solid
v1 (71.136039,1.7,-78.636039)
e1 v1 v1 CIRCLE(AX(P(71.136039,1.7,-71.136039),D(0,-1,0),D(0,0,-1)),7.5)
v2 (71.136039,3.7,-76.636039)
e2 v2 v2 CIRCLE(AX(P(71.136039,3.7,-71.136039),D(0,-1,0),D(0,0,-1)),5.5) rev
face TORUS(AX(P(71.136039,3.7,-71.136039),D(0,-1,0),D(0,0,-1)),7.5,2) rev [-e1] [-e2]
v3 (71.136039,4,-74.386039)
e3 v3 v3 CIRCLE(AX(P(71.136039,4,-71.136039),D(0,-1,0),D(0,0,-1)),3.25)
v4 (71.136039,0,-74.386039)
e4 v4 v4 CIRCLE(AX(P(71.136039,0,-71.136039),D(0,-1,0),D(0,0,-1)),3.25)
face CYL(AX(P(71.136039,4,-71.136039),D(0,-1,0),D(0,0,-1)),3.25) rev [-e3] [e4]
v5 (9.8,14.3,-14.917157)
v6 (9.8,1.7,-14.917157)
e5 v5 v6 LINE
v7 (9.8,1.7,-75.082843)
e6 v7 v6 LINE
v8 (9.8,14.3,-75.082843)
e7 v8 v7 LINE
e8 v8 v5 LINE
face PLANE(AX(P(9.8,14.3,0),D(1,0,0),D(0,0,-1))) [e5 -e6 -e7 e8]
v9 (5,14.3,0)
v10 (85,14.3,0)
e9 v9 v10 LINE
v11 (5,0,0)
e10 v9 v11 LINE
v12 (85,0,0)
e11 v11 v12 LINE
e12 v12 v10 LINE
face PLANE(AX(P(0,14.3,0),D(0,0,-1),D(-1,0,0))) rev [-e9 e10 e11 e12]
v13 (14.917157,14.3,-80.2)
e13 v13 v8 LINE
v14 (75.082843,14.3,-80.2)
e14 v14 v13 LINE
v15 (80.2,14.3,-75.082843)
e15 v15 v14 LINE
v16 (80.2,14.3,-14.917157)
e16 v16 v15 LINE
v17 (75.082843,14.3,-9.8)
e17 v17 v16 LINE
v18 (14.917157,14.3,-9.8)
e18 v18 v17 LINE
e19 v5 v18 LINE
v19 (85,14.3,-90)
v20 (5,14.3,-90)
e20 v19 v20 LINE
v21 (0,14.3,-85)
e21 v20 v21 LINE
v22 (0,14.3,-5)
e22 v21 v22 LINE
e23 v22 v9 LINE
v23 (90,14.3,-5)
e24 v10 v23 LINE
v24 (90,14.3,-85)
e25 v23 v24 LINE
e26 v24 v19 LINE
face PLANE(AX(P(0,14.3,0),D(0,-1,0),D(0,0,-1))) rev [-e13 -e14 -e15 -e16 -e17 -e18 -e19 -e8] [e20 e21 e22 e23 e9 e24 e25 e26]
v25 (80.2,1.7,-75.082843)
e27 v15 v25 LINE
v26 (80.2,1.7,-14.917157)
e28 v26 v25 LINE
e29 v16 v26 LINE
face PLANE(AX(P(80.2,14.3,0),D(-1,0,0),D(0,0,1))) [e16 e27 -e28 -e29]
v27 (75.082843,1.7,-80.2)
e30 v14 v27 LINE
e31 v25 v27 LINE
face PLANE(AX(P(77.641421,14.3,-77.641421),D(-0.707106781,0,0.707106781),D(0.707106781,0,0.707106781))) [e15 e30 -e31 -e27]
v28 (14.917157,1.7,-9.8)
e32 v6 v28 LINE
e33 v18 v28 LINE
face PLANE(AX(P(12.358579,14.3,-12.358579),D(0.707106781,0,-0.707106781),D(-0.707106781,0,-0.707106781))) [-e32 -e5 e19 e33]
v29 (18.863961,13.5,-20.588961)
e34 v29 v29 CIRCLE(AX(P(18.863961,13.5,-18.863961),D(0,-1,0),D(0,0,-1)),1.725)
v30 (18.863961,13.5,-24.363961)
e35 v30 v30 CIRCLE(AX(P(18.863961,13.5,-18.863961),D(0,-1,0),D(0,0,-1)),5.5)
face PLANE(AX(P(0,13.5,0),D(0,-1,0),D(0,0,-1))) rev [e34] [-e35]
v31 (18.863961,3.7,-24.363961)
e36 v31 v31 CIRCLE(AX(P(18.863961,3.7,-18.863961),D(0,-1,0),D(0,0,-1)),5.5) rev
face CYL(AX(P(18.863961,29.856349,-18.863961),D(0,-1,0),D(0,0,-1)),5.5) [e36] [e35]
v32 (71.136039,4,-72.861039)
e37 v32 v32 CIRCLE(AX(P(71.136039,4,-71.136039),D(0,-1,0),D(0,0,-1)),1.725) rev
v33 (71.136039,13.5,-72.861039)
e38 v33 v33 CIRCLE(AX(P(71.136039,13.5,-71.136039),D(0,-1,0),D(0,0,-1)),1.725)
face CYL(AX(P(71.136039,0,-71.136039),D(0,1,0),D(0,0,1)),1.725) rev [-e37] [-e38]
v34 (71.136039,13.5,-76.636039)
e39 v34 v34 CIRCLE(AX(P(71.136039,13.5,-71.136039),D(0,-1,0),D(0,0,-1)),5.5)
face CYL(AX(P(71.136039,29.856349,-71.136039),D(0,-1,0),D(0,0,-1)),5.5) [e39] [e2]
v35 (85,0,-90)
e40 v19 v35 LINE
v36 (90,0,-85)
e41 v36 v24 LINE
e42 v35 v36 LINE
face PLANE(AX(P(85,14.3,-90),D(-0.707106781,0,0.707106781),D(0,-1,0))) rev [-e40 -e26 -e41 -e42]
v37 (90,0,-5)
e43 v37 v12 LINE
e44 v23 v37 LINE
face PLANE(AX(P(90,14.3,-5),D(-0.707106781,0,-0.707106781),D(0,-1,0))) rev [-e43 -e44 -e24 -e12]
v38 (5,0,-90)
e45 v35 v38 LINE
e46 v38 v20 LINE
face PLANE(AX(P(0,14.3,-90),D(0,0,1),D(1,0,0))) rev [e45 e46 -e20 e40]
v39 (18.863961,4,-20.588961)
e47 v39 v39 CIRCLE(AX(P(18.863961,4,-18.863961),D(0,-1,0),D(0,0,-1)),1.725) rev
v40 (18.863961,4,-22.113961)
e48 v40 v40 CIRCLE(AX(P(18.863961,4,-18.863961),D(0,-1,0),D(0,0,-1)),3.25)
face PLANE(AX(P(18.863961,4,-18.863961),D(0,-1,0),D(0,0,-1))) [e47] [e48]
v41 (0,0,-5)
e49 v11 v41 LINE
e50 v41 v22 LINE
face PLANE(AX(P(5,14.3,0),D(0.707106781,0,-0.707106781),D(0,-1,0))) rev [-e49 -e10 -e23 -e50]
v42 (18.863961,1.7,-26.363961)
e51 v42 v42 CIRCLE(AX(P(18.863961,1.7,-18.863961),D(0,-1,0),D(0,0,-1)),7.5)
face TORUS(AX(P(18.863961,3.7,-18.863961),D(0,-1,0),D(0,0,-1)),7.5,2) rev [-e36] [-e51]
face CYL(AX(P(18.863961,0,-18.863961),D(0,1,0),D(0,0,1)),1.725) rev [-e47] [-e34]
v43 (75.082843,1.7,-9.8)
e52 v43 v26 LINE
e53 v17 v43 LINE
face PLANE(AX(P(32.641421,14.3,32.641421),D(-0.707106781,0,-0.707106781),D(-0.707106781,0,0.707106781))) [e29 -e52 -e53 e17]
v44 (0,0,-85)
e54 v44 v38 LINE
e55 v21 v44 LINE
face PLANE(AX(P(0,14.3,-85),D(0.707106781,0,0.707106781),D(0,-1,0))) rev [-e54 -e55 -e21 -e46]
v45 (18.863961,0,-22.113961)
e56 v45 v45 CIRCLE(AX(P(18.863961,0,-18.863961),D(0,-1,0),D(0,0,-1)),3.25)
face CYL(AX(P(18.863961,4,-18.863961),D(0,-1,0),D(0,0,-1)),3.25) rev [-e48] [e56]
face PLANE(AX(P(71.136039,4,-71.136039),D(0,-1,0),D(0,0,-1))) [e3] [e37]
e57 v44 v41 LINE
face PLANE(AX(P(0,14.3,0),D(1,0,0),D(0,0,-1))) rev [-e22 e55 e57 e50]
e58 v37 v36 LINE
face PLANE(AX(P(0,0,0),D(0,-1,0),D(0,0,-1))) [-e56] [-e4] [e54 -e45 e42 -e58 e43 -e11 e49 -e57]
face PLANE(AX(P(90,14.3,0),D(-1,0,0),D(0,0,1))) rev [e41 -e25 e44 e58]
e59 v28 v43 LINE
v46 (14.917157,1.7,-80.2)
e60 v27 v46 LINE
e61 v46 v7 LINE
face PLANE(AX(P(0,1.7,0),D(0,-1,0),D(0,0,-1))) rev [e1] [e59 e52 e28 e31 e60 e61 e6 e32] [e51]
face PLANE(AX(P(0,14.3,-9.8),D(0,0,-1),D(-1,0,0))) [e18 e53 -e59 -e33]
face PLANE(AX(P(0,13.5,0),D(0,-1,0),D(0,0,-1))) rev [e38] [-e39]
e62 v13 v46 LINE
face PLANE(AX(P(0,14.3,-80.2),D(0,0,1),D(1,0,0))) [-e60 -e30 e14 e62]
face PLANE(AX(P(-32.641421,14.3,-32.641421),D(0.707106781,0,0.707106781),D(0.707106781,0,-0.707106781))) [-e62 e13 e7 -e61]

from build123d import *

# Parameters (mm, degrees)
SKETCH1_W           = 90
SKETCH1_H           = 90
BOSS_EXTRUDE1_DEPTH = 14.3
SKETCH2_W           = 70
SKETCH2_H           = 70
CUT_EXTRUDE1_DEPTH  = 12.6
SKETCH3_R           = 1.725
CUT_EXTRUDE2_DEPTH  = 2.7
CHAMFER1_SIZE       = 5
SKETCH4_R           = 5.5
SKETCH4_R_2         = 1.725
BOSS_EXTRUDE2_DEPTH = 11.8
FILLET1_R           = 2
SKETCH5_R           = 3.25
CUT_EXTRUDE3_DEPTH  = 4
CHAMFER2_SIZE       = 5
CUT_EXTRUDE4_DEPTH  = 13.6


with BuildPart() as part:
    # Sketch1 → Boss-Extrude1 (new body)
    with BuildSketch(Plane(origin=(0, 0, 0), x_dir=(1, 0, 0), z_dir=(0, 1, 0))):
        with Locations((45, 45)):
            Rectangle(SKETCH1_W, SKETCH1_H)
    extrude(amount=BOSS_EXTRUDE1_DEPTH)

    # Sketch2 → Cut-Extrude1 (cut)
    with BuildSketch(Plane(origin=(0, 14.3, 0), x_dir=(1, 0, 0), z_dir=(0, 1, 0))):
        with Locations((45, 45)):
            Rectangle(SKETCH2_W, SKETCH2_H)
    extrude(amount=-CUT_EXTRUDE1_DEPTH, mode=Mode.SUBTRACT)

    # Sketch3 → Cut-Extrude2 (cut, through all)
    with BuildSketch(Plane(origin=(0, 1.7, 0), x_dir=(1, 0, 0), z_dir=(0, 1, 0))):
        with Locations((18.863961034, 18.863961034)):
            Circle(SKETCH3_R)
        with Locations((71.136038966, 71.136038966)):
            Circle(SKETCH3_R)
    extrude(amount=-CUT_EXTRUDE2_DEPTH, mode=Mode.SUBTRACT)

    # Chamfer1
    chamfer1_edges = [part.edges().sort_by_distance(p)[0] for p in [
        (0, 7.15, -90),
        (90, 7.15, -90),
        (90, 7.15, 0),
        (0, 7.15, 0),
    ]]
    chamfer(chamfer1_edges, length=CHAMFER1_SIZE)

    # Sketch4 → Boss-Extrude2 (add)
    with BuildSketch(Plane(origin=(0, 1.7, 0), x_dir=(1, 0, 0), z_dir=(0, 1, 0))):
        with Locations((71.136038966, 71.136038966)):
            Circle(SKETCH4_R)
        with Locations((71.136038966, 71.136038966)):
            Circle(SKETCH4_R_2, mode=Mode.SUBTRACT)
        with Locations((18.863961034, 18.863961034)):
            Circle(SKETCH4_R)
        with Locations((18.863961034, 18.863961034)):
            Circle(SKETCH4_R_2, mode=Mode.SUBTRACT)
    extrude(amount=BOSS_EXTRUDE2_DEPTH)

    # Fillet1
    fillet1_edges = [part.edges().sort_by_distance(p)[0] for p in [
        (65.636038966, 1.7, -71.136038966),
        (13.363961034, 1.7, -18.863961034),
    ]]
    fillet(fillet1_edges, radius=FILLET1_R)

    # Sketch5 → Cut-Extrude3 (cut)
    with BuildSketch(Plane.XZ):
        with Locations((18.863961034, -18.863961034)):
            Circle(SKETCH5_R)
        with Locations((71.136038966, -71.136038966)):
            Circle(SKETCH5_R)
    extrude(amount=-CUT_EXTRUDE3_DEPTH, mode=Mode.SUBTRACT)

    # Chamfer2
    chamfer2_edges = [part.edges().sort_by_distance(p)[0] for p in [
        (10, 8, -10),
        (10, 8, -80),
        (80, 8, -80),
        (80, 8, -10),
    ]]
    chamfer(chamfer2_edges, length=CHAMFER2_SIZE)

    # Sketch6 → Cut-Extrude4 (cut, through all)
    with BuildSketch(Plane(origin=(0, 1.7, 0), x_dir=(1, 0, 0), z_dir=(0, 1, 0))):
        Polygon((80.2, 14.917157288), (80.2, 75.082842712), (75.082842712, 80.2), (14.917157288, 80.2), (9.8, 75.082842712), (9.8, 14.917157288), (14.917157288, 9.8), (75.082842712, 9.8), align=None)
        Polygon((15, 10), (10, 15), (10, 75), (15, 80), (75, 80), (80, 75), (80, 15), (75, 10), align=None, mode=Mode.SUBTRACT)
    extrude(amount=CUT_EXTRUDE4_DEPTH, mode=Mode.SUBTRACT)


solid = part.part
